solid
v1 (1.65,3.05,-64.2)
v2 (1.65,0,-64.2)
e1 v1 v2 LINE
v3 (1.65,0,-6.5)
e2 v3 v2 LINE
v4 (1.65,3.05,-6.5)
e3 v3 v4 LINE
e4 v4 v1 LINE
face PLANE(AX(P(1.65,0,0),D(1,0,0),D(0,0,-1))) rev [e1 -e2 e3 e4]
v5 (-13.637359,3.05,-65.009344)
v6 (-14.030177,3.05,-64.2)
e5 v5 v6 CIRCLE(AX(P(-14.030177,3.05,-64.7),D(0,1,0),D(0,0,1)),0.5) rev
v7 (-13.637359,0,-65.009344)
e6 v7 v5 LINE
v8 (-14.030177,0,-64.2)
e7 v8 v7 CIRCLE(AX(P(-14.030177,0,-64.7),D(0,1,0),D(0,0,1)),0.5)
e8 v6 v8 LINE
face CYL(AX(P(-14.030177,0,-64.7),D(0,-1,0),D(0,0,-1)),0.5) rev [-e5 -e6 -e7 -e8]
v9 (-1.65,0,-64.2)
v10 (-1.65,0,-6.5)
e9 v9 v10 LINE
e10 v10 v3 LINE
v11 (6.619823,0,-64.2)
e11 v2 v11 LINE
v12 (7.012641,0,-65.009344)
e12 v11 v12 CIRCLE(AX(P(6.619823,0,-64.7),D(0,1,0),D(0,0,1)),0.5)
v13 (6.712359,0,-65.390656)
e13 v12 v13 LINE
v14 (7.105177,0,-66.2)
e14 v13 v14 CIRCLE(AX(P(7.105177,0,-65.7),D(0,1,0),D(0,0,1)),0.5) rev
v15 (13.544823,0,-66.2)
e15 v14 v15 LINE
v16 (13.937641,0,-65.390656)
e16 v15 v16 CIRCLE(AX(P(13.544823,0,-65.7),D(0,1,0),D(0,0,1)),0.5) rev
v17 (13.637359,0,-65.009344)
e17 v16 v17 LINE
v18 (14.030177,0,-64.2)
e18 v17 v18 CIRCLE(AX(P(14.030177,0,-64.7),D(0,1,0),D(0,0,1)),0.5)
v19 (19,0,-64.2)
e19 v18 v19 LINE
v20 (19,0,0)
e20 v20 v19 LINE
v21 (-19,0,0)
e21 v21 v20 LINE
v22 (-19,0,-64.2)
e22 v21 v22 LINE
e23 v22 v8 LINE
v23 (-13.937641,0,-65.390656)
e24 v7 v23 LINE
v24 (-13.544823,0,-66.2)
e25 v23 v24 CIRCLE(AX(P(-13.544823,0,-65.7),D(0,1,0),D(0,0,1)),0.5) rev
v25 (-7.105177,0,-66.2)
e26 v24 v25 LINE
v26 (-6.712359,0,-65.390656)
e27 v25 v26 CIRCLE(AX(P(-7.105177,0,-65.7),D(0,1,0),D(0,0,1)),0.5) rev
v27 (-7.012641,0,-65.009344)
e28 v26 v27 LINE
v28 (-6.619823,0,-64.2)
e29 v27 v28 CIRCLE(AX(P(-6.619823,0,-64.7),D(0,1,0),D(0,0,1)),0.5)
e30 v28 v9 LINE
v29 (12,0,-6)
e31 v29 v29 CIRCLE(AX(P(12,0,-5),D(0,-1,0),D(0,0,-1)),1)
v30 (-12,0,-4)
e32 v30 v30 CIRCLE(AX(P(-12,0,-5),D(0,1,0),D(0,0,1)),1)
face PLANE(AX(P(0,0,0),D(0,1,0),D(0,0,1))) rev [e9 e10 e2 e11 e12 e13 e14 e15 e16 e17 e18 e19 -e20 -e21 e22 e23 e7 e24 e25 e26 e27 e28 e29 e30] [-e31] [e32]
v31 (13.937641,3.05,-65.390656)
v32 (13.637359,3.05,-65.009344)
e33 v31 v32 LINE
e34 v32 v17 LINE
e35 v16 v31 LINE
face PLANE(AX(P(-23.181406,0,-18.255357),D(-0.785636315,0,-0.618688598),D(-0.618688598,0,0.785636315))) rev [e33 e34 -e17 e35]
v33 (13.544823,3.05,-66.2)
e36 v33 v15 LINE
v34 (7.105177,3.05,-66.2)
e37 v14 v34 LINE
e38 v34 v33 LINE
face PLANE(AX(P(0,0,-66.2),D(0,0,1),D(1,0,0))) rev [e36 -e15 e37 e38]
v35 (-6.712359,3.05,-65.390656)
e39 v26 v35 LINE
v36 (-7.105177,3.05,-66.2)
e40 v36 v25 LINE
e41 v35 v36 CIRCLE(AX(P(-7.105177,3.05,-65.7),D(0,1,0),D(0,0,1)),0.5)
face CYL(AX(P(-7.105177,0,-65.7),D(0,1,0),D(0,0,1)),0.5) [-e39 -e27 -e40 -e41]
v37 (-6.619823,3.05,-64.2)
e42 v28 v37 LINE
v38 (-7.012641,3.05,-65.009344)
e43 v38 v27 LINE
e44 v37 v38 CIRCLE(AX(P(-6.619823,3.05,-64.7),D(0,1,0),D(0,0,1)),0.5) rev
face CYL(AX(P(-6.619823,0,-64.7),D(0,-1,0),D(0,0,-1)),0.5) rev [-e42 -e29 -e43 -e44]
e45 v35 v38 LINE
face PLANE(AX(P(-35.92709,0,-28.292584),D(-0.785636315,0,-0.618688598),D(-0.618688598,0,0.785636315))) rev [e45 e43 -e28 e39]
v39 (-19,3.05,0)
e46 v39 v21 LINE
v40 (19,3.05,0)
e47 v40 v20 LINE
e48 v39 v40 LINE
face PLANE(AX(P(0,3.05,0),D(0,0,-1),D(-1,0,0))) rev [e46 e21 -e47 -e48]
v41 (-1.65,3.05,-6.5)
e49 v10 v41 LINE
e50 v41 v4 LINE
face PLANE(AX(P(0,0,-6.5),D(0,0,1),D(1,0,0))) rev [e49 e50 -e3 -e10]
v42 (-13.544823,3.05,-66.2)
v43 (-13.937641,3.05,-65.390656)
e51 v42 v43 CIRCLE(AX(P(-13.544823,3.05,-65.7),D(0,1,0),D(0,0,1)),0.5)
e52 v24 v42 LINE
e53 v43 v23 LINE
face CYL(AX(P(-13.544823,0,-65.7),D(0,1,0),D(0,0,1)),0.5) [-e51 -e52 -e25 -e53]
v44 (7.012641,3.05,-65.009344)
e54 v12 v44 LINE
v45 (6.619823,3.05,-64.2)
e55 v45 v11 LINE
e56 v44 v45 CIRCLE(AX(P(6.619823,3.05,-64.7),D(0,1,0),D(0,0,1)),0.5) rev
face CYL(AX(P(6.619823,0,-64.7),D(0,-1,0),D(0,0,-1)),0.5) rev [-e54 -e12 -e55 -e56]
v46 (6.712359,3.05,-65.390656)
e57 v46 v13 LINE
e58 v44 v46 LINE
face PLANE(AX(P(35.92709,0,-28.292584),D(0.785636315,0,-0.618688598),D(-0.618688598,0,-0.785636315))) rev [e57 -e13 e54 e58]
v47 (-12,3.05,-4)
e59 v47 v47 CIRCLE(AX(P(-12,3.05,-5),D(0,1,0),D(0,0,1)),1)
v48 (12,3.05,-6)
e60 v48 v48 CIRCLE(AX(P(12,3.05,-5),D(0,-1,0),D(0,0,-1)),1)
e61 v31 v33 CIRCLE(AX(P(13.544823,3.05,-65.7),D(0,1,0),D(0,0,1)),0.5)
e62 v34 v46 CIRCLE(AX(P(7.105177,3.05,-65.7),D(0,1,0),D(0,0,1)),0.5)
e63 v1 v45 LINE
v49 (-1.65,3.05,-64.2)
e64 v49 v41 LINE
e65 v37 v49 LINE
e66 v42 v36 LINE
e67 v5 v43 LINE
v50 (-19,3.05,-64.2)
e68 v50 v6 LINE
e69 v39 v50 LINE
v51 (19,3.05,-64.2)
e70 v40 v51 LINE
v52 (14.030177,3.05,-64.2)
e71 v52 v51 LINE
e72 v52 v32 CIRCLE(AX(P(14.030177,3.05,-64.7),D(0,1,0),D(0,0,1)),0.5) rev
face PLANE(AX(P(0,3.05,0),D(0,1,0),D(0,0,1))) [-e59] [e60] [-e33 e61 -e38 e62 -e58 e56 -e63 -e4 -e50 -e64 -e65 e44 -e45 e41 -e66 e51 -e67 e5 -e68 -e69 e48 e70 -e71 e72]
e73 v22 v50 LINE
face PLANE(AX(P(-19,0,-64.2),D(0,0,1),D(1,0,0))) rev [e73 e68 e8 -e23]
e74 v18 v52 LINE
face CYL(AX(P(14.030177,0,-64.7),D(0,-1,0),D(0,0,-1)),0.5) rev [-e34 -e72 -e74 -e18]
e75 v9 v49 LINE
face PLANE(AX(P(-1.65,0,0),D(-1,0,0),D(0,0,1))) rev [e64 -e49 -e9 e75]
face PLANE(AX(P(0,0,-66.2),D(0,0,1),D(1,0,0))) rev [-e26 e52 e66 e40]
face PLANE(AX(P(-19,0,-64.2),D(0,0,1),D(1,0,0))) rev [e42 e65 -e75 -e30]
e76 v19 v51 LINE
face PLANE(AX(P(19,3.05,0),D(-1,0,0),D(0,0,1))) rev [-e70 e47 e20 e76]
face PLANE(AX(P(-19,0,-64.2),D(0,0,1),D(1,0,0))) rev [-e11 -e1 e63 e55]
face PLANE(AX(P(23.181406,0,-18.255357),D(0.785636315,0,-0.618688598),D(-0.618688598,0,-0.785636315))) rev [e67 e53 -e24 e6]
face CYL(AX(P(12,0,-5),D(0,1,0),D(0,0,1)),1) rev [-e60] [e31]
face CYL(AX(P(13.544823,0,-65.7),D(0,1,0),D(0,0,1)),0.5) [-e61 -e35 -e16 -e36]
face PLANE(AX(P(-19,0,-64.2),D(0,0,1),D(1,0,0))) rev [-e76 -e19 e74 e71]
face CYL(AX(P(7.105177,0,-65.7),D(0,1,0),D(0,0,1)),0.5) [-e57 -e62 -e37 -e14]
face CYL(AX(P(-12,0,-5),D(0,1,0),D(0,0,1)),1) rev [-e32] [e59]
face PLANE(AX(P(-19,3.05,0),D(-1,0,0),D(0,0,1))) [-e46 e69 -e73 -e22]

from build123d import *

# Parameters (mm, degrees)
SKETCH1_W           = 38
SKETCH1_H           = 72.5
BOSS_EXTRUDE1_DEPTH = 3.05
SKETCH4_W           = 1.65
SKETCH4_H           = 1
SKETCH4_H_2         = 61.8
CUT_EXTRUDE1_DEPTH  = 76.010349286
SKETCH7_R           = 1
CUT_EXTRUDE4_DEPTH  = 76.010349286
SKETCH8_W           = 38
SKETCH8_H           = 8.3
CUT_EXTRUDE5_DEPTH  = 76.010349286
BOSS_EXTRUDE3_DEPTH = 3.05
FILLET2_R           = 0.5


with BuildPart() as part:
    # Sketch1 → Boss-Extrude1 (new body)
    with BuildSketch(Plane(origin=(0, 0, 0), x_dir=(1, 0, 0), z_dir=(0, 1, 0))):
        with Locations((0, 36.25)):
            Rectangle(SKETCH1_W, SKETCH1_H)
    extrude(amount=BOSS_EXTRUDE1_DEPTH)

    # Sketch4 → Cut-Extrude1 (cut, through all)
    with BuildSketch(Plane(origin=(0, 3.05, 0), x_dir=(1, 0, 0), z_dir=(0, 1, 0))):
        with Locations((-0.825, 70)):
            Rectangle(SKETCH4_W, SKETCH4_H)
        with Locations((-0.825, 37.4)):
            Rectangle(SKETCH4_W, SKETCH4_H_2)
        with Locations((0.825, 37.4)):
            Rectangle(SKETCH4_W, SKETCH4_H_2)
        with Locations((0.825, 70)):
            Rectangle(SKETCH4_W, SKETCH4_H)
    extrude(amount=-CUT_EXTRUDE1_DEPTH, mode=Mode.SUBTRACT)

    # Sketch7 → Cut-Extrude4 (cut, through all)
    with BuildSketch(Plane(origin=(0, 3.05, 0), x_dir=(1, 0, 0), z_dir=(0, 1, 0))):
        with Locations(Location((-12, 5, 0), (0, 0, 270))):
            Circle(SKETCH7_R)
        with Locations(Location((12, 5, 0), (0, 0, 90))):
            Circle(SKETCH7_R)
    extrude(amount=-CUT_EXTRUDE4_DEPTH, mode=Mode.SUBTRACT)

    # Sketch8 → Cut-Extrude5 (cut, through all)
    with BuildSketch(Plane(origin=(0, 3.05, 0), x_dir=(1, 0, 0), z_dir=(0, 1, 0))):
        with Locations((0, 68.35)):
            Rectangle(SKETCH8_W, SKETCH8_H)
    extrude(amount=-CUT_EXTRUDE5_DEPTH, mode=Mode.SUBTRACT)

    # Sketch9 → Boss-Extrude3 (add)
    with BuildSketch(Plane(origin=(0, 3.05, 0), x_dir=(1, 0, 0), z_dir=(0, 1, 0))):
        Polygon((-14.575, 66.2), (-13, 64.2), (-7.65, 64.2), (-6.075, 66.2), align=None)
        Polygon((6.075, 66.2), (7.65, 64.2), (13, 64.2), (14.575, 66.2), align=None)
    extrude(amount=-BOSS_EXTRUDE3_DEPTH)

    # Fillet2
    fillet2_edges = [part.edges().sort_by_distance(p)[0] for p in [
        (-6.075, 1.525, -66.2),
        (-7.65, 1.525, -64.2),
        (-13, 1.525, -64.2),
        (-14.575, 1.525, -66.2),
        (14.575, 1.525, -66.2),
        (13, 1.525, -64.2),
        (7.65, 1.525, -64.2),
        (6.075, 1.525, -66.2),
    ]]
    fillet(fillet2_edges, radius=FILLET2_R)


solid = part.part
